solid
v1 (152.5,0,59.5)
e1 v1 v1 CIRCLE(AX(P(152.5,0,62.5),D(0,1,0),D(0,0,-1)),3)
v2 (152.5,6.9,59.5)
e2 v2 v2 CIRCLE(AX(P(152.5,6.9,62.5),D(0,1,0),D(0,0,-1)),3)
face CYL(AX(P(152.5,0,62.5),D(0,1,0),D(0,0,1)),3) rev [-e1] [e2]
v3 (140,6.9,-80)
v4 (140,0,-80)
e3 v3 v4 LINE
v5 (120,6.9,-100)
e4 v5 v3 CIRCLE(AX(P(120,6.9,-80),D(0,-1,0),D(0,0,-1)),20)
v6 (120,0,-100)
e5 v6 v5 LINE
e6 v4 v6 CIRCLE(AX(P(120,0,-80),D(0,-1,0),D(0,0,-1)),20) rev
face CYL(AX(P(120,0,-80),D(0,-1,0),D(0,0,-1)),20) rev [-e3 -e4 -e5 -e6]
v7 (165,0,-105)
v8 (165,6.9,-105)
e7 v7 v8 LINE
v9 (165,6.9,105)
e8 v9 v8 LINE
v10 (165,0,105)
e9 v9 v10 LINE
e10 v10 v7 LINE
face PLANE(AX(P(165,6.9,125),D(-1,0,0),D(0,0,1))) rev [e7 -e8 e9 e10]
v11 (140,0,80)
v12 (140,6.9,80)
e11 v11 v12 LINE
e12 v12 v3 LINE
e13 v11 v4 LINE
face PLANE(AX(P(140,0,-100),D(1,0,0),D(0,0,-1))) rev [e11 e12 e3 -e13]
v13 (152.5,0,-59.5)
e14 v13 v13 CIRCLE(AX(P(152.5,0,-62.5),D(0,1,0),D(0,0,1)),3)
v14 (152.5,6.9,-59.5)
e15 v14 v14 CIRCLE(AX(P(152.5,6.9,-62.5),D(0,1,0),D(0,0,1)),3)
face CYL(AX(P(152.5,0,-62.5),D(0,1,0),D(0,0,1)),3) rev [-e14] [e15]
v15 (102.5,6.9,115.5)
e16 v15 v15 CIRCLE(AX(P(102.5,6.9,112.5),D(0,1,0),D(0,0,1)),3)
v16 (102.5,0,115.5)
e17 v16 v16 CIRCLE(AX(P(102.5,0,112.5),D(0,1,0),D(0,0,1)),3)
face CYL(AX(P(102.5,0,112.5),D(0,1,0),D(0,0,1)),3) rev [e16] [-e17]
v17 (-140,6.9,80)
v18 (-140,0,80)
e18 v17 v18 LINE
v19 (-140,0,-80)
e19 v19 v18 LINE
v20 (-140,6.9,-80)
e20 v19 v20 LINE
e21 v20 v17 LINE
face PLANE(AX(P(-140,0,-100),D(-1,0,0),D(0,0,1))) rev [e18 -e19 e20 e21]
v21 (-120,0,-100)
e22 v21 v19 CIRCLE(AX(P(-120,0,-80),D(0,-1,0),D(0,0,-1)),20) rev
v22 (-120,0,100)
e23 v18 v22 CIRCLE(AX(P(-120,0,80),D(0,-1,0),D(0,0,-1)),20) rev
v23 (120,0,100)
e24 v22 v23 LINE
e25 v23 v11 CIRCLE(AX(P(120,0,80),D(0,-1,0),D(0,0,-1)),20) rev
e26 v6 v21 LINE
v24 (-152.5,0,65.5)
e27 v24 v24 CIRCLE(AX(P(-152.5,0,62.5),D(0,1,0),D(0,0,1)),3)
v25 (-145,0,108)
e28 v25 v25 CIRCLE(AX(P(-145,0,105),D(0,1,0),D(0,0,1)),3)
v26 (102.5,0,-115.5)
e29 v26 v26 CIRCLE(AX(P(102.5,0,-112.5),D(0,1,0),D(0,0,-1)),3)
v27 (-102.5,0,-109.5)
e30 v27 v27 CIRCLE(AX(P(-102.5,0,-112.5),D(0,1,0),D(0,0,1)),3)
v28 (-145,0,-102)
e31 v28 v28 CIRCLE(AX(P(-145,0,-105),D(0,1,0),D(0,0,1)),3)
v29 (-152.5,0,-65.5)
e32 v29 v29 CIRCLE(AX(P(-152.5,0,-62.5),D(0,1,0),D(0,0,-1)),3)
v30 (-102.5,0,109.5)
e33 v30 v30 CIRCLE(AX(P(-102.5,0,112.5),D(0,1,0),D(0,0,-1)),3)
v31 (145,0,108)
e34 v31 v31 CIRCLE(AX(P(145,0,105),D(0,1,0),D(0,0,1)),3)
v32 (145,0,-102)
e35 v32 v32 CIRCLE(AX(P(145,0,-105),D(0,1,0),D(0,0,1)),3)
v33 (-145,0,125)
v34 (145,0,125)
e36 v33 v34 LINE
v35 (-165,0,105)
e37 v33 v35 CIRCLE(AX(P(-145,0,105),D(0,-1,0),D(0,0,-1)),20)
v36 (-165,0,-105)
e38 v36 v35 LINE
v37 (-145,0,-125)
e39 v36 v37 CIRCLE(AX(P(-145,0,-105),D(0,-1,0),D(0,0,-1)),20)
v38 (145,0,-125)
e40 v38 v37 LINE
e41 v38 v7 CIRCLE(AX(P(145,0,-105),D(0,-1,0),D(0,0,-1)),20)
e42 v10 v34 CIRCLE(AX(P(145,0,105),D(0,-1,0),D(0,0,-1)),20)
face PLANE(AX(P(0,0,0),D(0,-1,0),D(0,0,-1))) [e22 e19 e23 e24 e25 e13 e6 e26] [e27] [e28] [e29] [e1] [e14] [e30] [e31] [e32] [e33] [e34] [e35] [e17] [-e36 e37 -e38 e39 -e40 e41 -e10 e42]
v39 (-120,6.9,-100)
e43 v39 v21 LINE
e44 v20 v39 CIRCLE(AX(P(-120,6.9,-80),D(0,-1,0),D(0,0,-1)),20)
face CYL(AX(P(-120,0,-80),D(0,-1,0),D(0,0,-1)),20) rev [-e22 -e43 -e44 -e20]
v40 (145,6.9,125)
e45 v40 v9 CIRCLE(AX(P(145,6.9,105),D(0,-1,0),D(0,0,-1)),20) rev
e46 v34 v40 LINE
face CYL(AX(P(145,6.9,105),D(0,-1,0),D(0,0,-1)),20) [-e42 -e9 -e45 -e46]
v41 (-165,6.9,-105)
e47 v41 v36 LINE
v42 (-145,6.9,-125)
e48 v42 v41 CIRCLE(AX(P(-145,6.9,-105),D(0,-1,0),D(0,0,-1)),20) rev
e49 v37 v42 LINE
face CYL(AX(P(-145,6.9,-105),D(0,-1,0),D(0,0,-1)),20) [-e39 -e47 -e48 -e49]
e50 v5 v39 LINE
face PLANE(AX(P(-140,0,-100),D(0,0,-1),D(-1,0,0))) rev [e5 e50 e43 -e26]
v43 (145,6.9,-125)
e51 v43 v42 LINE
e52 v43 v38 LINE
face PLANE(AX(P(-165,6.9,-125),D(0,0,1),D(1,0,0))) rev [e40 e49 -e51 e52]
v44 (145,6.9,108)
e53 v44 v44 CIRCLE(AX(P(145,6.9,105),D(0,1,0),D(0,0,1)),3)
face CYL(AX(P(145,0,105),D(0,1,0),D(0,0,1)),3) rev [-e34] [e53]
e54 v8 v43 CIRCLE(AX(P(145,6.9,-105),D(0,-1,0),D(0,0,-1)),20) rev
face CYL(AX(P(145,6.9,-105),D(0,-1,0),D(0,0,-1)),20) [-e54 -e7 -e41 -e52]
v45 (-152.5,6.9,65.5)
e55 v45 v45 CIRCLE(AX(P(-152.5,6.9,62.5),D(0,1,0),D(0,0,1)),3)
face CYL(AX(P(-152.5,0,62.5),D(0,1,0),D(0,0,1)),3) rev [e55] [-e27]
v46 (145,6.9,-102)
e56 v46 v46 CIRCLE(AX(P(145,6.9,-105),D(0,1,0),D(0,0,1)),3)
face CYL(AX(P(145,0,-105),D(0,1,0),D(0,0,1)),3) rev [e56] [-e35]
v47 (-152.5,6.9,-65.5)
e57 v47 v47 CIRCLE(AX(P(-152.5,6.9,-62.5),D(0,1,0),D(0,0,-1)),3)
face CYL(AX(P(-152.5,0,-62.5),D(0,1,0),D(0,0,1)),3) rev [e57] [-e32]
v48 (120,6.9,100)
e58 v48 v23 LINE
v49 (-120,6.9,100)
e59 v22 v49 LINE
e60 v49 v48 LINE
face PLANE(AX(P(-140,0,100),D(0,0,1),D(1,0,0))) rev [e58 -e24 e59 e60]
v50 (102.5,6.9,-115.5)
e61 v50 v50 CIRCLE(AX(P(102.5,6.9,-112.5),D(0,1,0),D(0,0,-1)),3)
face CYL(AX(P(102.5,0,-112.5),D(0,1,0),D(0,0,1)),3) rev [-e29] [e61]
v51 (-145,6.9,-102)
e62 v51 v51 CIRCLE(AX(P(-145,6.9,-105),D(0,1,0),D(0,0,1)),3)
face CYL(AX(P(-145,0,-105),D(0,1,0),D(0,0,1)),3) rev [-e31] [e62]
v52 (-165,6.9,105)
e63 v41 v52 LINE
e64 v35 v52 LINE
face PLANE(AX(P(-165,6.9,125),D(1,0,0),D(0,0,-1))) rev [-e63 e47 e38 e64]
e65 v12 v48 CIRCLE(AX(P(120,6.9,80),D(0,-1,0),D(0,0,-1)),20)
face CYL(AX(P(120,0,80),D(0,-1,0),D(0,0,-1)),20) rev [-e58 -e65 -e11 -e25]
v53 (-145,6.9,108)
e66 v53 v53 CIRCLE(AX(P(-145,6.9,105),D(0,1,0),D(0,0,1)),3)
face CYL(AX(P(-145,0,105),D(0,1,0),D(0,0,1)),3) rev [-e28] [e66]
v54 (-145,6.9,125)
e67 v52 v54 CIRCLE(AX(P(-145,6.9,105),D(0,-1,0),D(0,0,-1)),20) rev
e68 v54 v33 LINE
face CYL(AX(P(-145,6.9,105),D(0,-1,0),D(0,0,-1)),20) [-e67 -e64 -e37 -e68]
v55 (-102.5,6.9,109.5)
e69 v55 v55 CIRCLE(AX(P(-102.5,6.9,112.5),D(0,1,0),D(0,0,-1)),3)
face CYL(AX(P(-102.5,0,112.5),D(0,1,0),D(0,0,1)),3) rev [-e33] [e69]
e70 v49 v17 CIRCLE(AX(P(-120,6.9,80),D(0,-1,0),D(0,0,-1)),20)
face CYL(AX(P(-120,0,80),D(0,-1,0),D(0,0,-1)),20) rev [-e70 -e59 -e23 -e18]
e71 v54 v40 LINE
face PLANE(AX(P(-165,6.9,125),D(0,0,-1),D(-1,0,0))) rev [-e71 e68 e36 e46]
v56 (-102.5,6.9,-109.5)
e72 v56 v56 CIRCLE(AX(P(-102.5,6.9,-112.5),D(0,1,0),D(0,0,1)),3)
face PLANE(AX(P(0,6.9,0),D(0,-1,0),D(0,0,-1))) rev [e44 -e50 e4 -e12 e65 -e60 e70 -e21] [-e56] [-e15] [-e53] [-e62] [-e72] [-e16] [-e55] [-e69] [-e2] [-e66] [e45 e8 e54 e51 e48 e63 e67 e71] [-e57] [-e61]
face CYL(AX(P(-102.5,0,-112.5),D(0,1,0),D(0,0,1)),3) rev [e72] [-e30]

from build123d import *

# Parameters (mm, degrees)
SKETCH1_W           = 330
SKETCH1_H           = 250
BOSS_EXTRUDE1_DEPTH = 6.9
SKETCH2_R           = 3
CUT_EXTRUDE1_DEPTH  = 7.9
SKETCH3_W           = 280
SKETCH3_H           = 200
CUT_EXTRUDE2_DEPTH  = 7.9
FILLET1_R           = 20
FILLET2_R           = 20
SKETCH4_R           = 3
CUT_EXTRUDE3_DEPTH  = 7.9


with BuildPart() as part:
    # Sketch1 → Boss-Extrude1 (new body)
    with BuildSketch(Plane(origin=(0, 0, 0), x_dir=(1, 0, 0), z_dir=(0, 1, 0))):
        Rectangle(SKETCH1_W, SKETCH1_H)
    extrude(amount=BOSS_EXTRUDE1_DEPTH)

    # Sketch2 → Cut-Extrude1 (cut, through all)
    with BuildSketch(Plane(origin=(0, 6.9, 0), x_dir=(1, 0, 0), z_dir=(0, 1, 0))):
        with Locations((-145, 105)):
            Circle(SKETCH2_R)
        with Locations((145, 105)):
            Circle(SKETCH2_R)
        with Locations((145, -105)):
            Circle(SKETCH2_R)
        with Locations((-145, -105)):
            Circle(SKETCH2_R)
    extrude(amount=-CUT_EXTRUDE1_DEPTH, mode=Mode.SUBTRACT)

    # Sketch3 → Cut-Extrude2 (cut, through all)
    with BuildSketch(Plane(origin=(0, 6.9, 0), x_dir=(1, 0, 0), z_dir=(0, 1, 0))):
        Rectangle(SKETCH3_W, SKETCH3_H)
    extrude(amount=-CUT_EXTRUDE2_DEPTH, mode=Mode.SUBTRACT)

    # Fillet1
    fillet1_edges = [part.edges().sort_by_distance(p)[0] for p in [
        (-165, 3.45, -125),
        (165, 3.45, -125),
        (165, 3.45, 125),
        (-165, 3.45, 125),
    ]]
    fillet(fillet1_edges, radius=FILLET1_R)

    # Fillet2
    fillet2_edges = [part.edges().sort_by_distance(p)[0] for p in [
        (-140, 3.45, 100),
        (-140, 3.45, -100),
        (140, 3.45, -100),
        (140, 3.45, 100),
    ]]
    fillet(fillet2_edges, radius=FILLET2_R)

    # Sketch4 → Cut-Extrude3 (cut, through all)
    with BuildSketch(Plane(origin=(0, 6.9, 0), x_dir=(1, 0, 0), z_dir=(0, 1, 0))):
        with Locations((-152.5, -62.5)):
            Circle(SKETCH4_R)
        with Locations((-102.5, -112.5)):
            Circle(SKETCH4_R)
        with Locations((102.5, -112.5)):
            Circle(SKETCH4_R)
        with Locations((152.5, -62.5)):
            Circle(SKETCH4_R)
        with Locations((152.5, 62.5)):
            Circle(SKETCH4_R)
        with Locations((102.5, 112.5)):
            Circle(SKETCH4_R)
        with Locations((-102.5, 112.5)):
            Circle(SKETCH4_R)
        with Locations((-152.5, 62.5)):
            Circle(SKETCH4_R)
    extrude(amount=-CUT_EXTRUDE3_DEPTH, mode=Mode.SUBTRACT)


solid = part.part
